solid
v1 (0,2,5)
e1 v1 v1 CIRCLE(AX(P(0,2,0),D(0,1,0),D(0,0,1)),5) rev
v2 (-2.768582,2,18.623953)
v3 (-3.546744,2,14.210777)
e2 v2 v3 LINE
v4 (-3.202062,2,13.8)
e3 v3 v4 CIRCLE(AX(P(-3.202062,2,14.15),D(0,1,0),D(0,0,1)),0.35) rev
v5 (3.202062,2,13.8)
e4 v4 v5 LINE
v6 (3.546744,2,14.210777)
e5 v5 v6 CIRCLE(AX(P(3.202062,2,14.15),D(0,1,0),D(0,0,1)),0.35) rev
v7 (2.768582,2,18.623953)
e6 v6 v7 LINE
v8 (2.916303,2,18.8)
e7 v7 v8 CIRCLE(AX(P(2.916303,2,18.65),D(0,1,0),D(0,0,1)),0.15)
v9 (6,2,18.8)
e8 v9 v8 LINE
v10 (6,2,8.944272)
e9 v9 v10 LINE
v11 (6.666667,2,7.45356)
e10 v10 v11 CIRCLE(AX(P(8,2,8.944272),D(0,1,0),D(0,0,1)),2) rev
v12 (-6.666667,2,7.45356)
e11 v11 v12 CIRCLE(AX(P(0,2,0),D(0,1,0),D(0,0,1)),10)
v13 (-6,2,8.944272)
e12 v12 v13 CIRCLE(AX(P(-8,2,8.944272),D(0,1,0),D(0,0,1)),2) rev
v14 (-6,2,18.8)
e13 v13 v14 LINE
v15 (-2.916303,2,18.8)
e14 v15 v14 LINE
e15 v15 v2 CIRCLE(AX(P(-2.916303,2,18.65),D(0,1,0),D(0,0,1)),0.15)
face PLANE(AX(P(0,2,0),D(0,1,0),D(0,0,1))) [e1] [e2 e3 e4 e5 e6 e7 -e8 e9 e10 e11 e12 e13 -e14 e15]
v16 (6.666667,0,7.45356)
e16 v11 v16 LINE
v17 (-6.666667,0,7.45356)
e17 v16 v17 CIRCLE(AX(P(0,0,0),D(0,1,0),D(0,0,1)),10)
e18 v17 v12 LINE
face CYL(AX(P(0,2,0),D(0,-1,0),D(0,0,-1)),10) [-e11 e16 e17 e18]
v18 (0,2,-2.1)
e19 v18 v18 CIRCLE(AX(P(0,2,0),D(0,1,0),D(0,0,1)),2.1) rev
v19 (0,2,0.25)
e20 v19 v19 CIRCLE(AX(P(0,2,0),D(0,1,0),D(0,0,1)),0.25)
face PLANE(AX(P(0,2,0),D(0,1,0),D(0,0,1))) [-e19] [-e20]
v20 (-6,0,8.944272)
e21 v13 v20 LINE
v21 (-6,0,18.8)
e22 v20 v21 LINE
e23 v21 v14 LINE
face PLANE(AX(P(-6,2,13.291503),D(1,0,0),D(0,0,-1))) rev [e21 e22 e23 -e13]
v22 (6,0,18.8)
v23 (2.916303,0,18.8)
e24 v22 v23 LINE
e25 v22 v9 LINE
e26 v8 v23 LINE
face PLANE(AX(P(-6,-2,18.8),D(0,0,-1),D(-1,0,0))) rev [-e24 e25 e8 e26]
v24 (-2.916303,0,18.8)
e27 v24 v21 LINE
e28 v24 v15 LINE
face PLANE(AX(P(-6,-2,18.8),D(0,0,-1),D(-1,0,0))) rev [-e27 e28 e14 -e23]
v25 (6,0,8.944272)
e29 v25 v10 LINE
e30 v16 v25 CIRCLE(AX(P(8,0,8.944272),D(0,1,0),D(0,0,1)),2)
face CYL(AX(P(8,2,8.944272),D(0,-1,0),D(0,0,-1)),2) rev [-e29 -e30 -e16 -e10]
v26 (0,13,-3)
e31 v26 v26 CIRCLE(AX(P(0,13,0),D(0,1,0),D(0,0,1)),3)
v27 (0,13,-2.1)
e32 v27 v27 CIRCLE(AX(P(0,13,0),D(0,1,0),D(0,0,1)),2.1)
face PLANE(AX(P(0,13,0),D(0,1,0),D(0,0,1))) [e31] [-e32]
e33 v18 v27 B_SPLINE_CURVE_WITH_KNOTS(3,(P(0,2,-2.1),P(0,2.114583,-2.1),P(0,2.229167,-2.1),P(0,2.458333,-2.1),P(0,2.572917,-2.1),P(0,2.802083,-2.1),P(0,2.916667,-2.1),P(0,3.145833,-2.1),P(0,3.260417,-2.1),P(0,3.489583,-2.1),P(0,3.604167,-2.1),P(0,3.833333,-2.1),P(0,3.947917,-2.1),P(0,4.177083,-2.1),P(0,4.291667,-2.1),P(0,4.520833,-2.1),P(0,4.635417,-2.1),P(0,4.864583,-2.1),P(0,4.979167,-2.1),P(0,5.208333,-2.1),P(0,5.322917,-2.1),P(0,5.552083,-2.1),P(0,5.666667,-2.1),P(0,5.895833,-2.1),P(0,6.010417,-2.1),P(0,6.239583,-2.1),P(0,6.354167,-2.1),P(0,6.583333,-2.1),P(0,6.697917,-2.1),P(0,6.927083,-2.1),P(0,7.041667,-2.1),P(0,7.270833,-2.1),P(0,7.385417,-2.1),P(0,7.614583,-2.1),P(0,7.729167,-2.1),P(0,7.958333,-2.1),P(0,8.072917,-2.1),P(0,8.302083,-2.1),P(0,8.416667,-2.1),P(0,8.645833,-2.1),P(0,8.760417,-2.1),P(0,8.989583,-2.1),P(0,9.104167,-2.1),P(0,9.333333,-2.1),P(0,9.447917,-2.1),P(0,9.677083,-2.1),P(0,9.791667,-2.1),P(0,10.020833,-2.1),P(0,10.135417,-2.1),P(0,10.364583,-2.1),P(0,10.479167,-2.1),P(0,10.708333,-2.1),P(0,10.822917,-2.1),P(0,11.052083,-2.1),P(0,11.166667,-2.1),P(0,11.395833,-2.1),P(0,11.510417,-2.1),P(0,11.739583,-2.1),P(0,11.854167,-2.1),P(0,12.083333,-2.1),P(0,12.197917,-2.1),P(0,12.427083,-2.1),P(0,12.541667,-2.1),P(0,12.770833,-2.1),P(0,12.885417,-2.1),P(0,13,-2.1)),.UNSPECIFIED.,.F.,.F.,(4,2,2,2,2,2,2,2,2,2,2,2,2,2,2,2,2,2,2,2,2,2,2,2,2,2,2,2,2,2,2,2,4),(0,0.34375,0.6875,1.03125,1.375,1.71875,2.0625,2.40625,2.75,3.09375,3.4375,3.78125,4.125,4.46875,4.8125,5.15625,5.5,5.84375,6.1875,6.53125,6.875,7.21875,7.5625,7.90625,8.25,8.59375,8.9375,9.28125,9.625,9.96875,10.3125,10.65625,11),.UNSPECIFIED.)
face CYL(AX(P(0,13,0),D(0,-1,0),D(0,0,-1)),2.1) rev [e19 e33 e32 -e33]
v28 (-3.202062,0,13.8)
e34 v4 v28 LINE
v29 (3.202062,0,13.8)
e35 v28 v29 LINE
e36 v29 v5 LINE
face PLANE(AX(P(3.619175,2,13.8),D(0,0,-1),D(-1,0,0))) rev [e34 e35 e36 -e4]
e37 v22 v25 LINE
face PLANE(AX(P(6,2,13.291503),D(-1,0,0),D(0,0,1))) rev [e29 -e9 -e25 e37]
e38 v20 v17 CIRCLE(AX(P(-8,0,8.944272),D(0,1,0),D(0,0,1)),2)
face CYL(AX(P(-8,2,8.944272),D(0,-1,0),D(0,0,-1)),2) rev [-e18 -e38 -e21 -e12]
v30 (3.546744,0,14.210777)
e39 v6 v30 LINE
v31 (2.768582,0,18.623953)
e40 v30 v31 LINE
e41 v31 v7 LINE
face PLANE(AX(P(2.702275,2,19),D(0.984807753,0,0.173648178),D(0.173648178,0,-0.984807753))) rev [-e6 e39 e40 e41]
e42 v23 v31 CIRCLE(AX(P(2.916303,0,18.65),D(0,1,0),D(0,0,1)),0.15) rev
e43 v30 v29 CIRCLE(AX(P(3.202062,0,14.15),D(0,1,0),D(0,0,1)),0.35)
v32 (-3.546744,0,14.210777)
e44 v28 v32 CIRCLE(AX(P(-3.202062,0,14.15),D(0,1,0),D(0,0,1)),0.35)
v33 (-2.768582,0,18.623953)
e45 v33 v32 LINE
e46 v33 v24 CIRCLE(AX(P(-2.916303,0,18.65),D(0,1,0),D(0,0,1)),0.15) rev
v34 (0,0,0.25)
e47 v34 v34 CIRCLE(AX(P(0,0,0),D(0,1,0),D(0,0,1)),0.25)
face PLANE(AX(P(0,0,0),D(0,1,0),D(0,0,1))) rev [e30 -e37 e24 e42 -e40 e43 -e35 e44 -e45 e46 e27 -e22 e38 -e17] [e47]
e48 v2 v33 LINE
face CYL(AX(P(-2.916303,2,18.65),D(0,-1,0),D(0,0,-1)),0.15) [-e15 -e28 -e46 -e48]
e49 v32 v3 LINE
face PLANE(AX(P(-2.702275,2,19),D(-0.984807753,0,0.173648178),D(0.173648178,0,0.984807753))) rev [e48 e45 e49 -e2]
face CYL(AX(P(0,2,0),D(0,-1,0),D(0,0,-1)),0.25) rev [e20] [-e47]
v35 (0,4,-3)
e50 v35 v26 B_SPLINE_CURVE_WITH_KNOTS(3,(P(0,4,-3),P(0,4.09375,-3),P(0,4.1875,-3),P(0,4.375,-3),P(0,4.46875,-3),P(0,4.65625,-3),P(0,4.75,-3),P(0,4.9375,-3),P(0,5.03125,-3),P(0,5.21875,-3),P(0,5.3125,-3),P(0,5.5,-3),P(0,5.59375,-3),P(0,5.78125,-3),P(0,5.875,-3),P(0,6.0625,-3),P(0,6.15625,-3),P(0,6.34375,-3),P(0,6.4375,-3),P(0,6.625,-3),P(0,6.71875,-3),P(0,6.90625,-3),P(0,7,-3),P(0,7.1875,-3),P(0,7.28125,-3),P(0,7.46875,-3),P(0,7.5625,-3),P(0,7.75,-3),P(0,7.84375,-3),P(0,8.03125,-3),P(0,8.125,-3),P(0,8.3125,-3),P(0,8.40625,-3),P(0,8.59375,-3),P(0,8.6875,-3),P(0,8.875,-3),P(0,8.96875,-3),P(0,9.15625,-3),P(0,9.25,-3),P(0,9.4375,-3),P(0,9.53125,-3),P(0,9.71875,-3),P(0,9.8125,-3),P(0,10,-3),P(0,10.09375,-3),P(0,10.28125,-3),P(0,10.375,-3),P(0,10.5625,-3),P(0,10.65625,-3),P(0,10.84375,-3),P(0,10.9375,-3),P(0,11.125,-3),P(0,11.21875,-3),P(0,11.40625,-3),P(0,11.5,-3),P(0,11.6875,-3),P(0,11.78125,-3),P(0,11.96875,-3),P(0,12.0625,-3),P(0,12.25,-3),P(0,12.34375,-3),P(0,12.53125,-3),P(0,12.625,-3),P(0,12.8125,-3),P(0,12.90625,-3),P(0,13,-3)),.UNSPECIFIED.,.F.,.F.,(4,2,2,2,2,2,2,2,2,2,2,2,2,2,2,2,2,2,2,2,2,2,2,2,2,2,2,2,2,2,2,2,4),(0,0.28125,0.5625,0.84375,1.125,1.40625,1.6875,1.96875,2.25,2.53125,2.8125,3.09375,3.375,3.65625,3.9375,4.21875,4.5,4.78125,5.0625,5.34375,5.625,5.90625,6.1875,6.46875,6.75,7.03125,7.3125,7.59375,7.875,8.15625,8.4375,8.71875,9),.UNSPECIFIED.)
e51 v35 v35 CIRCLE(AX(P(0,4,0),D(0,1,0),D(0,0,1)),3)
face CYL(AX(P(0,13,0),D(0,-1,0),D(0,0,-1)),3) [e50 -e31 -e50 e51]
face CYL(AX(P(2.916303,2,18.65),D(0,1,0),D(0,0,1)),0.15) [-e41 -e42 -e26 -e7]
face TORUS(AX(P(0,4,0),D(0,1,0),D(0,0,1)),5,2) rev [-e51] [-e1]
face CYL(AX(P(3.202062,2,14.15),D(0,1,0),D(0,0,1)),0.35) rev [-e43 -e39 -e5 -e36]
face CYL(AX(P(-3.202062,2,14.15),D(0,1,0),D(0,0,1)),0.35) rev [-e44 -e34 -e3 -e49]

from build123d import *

# Parameters (mm, degrees)
SKETCH1_R           = 0.25
BOSS_EXTRUDE1_DEPTH = 2
SKETCH2_R           = 10
SKETCH2_R_2         = 3
BOSS_EXTRUDE2_DEPTH = 2
SKETCH4_W           = 12
SKETCH4_H           = 0.2
CUT_EXTRUDE1_DEPTH  = 4
FILLET3_R           = 0.35
FILLET4_R           = 0.15
SKETCH5_R           = 3
SKETCH5_R_2         = 2.1
BOSS_EXTRUDE4_DEPTH = 13
FILLET5_R           = 2
FILLET6_R           = 2


with BuildPart() as part:
    # Sketch1 → Boss-Extrude1 (new body)
    with BuildSketch(Plane(origin=(0, 0, 0), x_dir=(1, 0, 0), z_dir=(0, 1, 0))):
        Polygon((-6, 6), (-6, -13.291502622), (-6, -19), (-2.70227506, -19), (-3.619175359, -13.8), (0, -13.8), (3.619175359, -13.8), (2.70227506, -19), (6, -19), (6, -13.291502622), (6, 6), align=None)
        with Locations(Location((0, 0, 0), (0, 0, 270))):
            Circle(SKETCH1_R, mode=Mode.SUBTRACT)
    extrude(amount=BOSS_EXTRUDE1_DEPTH)

    # Sketch2 → Boss-Extrude2 (add)
    with BuildSketch(Plane(origin=(0, 0, 0), x_dir=(1, 0, 0), z_dir=(0, 1, 0))):
        Circle(SKETCH2_R)
        Circle(SKETCH2_R_2, mode=Mode.SUBTRACT)
    extrude(amount=BOSS_EXTRUDE2_DEPTH)

    # Sketch4 → Cut-Extrude1 (cut)
    with BuildSketch(Plane(origin=(0, 2, 0), x_dir=(1, 0, 0), z_dir=(0, 1, 0))):
        with Locations((0, -18.9)):
            Rectangle(SKETCH4_W, SKETCH4_H)
    extrude(amount=-CUT_EXTRUDE1_DEPTH, mode=Mode.SUBTRACT)

    # Fillet3
    fillet3_edges = [part.edges().sort_by_distance(p)[0] for p in [
        (3.619175359, 1, 13.8),
        (-3.619175359, 1, 13.8),
    ]]
    fillet(fillet3_edges, radius=FILLET3_R)

    # Fillet4
    fillet4_edges = [part.edges().sort_by_distance(p)[0] for p in [
        (2.737540456, 1, 18.8),
        (-2.737540456, 1, 18.8),
    ]]
    fillet(fillet4_edges, radius=FILLET4_R)

    # Sketch5 → Boss-Extrude4 (add)
    with BuildSketch(Plane(origin=(0, 0, 0), x_dir=(1, 0, 0), z_dir=(0, 1, 0))):
        with Locations(Location((0, 0, 0), (0, 0, 90))):
            Circle(SKETCH5_R)
        with Locations(Location((0, 0, 0), (0, 0, 90))):
            Circle(SKETCH5_R_2, mode=Mode.SUBTRACT)
    extrude(amount=BOSS_EXTRUDE4_DEPTH)

    # Fillet5
    fillet5_edges = [part.edges().sort_by_distance(p)[0] for p in [
        (0, 2, 3),
    ]]
    fillet(fillet5_edges, radius=FILLET5_R)

    # Fillet6
    fillet6_edges = [part.edges().sort_by_distance(p)[0] for p in [
        (6, 1, 8),
        (-6, 1, 8),
    ]]
    fillet(fillet6_edges, radius=FILLET6_R)


solid = part.part
